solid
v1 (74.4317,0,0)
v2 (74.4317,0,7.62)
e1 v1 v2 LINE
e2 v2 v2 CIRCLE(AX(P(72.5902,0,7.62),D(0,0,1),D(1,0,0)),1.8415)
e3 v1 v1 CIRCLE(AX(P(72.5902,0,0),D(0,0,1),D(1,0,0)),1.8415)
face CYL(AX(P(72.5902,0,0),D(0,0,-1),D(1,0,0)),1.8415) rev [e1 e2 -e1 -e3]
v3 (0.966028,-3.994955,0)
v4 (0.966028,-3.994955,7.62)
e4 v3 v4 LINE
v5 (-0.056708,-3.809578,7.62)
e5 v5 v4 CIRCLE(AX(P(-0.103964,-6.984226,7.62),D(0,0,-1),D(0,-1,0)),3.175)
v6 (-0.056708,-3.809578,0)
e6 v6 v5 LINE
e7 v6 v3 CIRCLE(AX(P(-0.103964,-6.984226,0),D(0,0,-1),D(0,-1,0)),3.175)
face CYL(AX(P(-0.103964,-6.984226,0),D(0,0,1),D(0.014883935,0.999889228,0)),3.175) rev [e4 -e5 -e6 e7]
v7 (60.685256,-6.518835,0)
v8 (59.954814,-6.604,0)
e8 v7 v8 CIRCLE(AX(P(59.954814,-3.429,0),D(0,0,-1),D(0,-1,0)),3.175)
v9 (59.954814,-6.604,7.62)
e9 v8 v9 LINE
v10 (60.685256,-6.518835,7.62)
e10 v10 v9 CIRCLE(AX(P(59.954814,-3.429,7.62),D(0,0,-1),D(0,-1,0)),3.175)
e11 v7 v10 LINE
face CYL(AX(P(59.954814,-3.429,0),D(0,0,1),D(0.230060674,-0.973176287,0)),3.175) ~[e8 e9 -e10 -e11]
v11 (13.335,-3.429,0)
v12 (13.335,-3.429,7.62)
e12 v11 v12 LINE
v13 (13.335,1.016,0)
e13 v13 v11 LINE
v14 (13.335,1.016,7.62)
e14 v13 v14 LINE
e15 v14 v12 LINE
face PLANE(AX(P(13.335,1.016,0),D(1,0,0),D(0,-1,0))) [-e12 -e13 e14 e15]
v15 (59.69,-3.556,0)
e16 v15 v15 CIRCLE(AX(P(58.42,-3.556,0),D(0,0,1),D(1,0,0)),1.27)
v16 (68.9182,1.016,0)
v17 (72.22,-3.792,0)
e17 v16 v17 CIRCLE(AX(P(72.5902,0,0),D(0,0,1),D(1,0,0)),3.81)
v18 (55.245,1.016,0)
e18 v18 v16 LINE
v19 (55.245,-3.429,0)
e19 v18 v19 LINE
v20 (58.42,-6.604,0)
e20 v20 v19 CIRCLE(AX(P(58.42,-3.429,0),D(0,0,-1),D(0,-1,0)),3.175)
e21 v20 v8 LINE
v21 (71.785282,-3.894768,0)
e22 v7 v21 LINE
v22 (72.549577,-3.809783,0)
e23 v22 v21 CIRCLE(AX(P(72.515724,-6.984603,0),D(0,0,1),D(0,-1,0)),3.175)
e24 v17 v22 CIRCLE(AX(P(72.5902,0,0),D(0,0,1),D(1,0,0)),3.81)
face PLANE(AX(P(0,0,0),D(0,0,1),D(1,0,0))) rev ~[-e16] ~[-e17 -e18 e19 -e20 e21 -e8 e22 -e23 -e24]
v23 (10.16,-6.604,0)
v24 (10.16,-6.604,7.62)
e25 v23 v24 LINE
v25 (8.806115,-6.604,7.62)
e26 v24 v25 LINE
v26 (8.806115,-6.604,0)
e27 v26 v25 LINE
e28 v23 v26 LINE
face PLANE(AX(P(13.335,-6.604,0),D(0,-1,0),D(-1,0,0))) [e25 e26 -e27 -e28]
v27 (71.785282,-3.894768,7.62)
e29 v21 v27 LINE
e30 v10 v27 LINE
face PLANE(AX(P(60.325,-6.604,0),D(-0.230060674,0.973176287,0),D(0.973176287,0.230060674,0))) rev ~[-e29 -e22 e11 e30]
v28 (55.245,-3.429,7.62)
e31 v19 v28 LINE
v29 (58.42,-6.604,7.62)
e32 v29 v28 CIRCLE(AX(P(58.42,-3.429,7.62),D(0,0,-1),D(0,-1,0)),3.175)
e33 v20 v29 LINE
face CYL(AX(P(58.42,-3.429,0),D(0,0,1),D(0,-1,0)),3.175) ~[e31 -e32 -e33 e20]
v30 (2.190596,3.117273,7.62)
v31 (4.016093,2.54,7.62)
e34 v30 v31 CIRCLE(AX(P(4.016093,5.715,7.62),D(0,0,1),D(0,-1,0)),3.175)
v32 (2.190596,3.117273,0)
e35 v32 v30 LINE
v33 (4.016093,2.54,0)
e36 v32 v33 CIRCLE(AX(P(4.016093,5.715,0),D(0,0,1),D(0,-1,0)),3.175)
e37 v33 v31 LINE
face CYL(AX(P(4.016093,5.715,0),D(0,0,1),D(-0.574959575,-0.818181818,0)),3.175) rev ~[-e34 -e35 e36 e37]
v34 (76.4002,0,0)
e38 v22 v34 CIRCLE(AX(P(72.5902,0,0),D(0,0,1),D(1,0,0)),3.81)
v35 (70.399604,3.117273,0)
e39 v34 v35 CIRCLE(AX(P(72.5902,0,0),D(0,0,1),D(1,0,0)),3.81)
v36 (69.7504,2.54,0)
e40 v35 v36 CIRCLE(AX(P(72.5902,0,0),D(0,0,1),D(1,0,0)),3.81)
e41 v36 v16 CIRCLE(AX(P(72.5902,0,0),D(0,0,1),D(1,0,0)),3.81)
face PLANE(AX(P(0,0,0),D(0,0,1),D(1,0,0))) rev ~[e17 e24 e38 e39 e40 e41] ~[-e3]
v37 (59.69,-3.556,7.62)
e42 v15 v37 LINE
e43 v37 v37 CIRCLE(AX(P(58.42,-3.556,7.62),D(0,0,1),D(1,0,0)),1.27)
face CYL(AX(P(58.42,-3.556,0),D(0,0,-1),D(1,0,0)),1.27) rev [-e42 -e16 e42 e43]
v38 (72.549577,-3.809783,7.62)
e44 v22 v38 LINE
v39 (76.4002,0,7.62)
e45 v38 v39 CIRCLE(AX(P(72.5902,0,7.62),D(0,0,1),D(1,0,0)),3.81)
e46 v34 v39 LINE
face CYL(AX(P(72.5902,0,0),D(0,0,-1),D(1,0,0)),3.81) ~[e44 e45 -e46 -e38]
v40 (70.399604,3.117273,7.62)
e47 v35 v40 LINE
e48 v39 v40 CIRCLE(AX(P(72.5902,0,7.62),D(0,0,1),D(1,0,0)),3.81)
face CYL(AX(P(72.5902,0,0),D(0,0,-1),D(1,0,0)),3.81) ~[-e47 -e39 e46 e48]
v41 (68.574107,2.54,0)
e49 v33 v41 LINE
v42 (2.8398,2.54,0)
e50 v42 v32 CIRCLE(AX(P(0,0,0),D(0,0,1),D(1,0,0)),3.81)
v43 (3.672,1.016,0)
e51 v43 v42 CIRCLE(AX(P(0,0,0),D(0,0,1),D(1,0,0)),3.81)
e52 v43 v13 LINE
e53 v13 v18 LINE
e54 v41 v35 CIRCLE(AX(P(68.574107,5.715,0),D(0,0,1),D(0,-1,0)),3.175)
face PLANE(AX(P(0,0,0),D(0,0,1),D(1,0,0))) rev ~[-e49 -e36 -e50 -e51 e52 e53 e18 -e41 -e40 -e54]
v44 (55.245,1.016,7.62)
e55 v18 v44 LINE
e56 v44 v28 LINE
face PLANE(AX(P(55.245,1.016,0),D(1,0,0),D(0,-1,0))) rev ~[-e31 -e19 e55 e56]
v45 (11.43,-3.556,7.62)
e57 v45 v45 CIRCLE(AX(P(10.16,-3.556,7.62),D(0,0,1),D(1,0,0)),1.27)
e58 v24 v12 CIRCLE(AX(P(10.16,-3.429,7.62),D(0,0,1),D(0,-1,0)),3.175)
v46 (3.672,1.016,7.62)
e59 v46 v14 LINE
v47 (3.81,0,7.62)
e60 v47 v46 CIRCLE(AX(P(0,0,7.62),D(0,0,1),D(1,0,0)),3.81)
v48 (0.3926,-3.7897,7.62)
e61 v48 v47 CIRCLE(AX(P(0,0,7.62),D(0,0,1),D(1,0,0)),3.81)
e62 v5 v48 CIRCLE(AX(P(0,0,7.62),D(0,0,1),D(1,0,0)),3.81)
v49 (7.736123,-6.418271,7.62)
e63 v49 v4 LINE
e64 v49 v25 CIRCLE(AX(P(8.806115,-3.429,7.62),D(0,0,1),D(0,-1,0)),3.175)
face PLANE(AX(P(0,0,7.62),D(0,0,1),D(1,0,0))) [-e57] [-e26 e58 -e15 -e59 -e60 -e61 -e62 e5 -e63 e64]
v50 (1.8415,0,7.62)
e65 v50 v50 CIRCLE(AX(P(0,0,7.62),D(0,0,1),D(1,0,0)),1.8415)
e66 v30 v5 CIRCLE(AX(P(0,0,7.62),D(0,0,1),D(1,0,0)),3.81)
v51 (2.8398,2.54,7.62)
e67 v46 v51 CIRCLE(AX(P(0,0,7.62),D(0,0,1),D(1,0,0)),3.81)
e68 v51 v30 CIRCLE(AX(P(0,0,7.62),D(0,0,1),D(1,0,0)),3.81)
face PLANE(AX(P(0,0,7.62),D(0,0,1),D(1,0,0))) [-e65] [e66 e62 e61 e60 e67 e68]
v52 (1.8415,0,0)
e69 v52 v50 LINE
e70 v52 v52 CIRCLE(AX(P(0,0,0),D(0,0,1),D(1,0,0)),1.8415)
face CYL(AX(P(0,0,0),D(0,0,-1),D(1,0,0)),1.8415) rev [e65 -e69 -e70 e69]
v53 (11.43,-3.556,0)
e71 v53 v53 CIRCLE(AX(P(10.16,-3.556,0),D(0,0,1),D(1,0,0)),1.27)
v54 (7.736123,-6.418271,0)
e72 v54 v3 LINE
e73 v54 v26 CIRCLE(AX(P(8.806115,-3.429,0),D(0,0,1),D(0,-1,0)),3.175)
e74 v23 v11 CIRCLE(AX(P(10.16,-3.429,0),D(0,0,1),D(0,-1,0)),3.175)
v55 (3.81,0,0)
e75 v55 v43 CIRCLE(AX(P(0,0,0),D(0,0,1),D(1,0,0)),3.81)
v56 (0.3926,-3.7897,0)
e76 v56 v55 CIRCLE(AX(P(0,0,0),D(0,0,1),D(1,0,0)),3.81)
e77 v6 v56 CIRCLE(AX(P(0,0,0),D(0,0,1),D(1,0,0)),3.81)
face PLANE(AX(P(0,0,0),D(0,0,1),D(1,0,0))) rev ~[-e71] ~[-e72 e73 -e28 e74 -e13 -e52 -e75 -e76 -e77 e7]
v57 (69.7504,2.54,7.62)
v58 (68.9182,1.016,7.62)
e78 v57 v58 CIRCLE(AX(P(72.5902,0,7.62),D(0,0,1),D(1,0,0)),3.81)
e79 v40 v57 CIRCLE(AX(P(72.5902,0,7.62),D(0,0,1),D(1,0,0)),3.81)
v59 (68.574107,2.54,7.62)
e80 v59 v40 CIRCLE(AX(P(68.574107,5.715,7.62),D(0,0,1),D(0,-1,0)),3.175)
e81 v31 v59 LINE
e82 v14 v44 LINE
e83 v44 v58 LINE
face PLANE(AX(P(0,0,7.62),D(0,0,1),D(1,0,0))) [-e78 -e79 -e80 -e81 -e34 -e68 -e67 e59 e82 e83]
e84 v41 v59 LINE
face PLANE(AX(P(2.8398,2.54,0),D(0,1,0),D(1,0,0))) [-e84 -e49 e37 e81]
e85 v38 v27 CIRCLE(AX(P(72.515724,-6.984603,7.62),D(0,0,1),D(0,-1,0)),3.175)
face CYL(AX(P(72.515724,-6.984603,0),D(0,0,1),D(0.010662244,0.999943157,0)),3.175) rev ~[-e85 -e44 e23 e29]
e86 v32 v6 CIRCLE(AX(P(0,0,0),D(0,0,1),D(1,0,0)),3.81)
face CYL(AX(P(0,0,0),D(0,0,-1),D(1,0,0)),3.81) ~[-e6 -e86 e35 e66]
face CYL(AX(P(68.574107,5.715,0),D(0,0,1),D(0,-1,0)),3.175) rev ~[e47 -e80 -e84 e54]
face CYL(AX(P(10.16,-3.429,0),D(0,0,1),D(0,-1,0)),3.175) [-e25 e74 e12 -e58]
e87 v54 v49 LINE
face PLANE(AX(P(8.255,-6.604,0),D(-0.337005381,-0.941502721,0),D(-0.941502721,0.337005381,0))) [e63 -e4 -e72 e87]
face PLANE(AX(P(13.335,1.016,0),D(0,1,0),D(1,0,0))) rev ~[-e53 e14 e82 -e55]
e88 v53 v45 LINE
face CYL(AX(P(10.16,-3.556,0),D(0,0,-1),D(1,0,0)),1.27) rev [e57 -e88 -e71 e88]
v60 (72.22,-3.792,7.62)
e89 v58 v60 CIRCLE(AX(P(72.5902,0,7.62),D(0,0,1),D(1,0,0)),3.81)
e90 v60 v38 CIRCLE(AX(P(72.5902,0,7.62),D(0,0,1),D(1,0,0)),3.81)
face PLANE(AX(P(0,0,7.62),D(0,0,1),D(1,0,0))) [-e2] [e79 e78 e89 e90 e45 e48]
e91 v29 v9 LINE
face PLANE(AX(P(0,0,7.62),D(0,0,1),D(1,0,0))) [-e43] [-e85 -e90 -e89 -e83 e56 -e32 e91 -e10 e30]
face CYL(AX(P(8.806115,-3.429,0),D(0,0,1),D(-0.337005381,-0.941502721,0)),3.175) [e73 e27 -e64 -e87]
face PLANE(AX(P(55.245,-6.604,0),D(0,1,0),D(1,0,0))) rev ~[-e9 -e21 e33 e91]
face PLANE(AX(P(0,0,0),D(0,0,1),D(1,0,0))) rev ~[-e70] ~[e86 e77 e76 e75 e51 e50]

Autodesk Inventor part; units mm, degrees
ref_plane "YZ Plane" through (0, 0, 0) normal (1, 0, 0) x (0, 1, 0)
ref_plane "XZ Plane" through (0, 0, 0) normal (0, 1, 0) x (-1, 0, 0)
ref_plane "XY Plane" through (0, 0, 0) normal (0, 0, 1) x (1, 0, 0)
sketch "Sketch1" plane through (0, 0, 0) normal (0, 0, 1) x (1, 0, 0)
  circle A0 centre (0, 0) radius 1.8415
  circle A1 centre (72.5902, 0) radius 1.8415
  line L0 (0, 0) -> (36.2951, -20.955) construction
  line L1 (0, 0) -> (41.91, 0) construction
  line L2 (36.2951, -20.955) -> (72.5902, 0) construction
  circle A2 centre (0, 0) radius 3.81
  circle A3 centre (72.5902, 0) radius 3.81
  line L3 (2.8398, 2.54) -> (69.7504, 2.54)
  line L4 (3.672, 1.016) -> (68.9182, 1.016)
  line L5 (13.335, 1.016) -> (13.335, -6.604)
  line L6 (55.245, 1.016) -> (55.245, -6.604)
  line L7 (55.245, -6.604) -> (60.325, -6.604)
  line L8 (60.325, -6.604) -> (72.22, -3.792)
  line L9 (13.335, -6.604) -> (8.255, -6.604)
  line L10 (8.255, -6.604) -> (0.3926, -3.7897)
  circle A4 centre (10.16, -3.556) radius 1.27
  circle A5 centre (58.42, -3.556) radius 1.27
  dimension "d0" = 3.683
  dimension "d1" = 41.91
  dimension "d2" = 30
  dimension "d3" = 7.62
  dimension "d4" = 5.08
  dimension "d5" = 7.62
  dimension "d6" = 2.54
  dimension "d7" = 41.91
  dimension "d8" = 4.572
  dimension "d9" = 1.524
  dimension "d10" = 1.016
  dimension "d11" = 3.175
  dimension "d12" = 3.175
  dimension "d13" = 13.335
extrude "Extrusion1" add sketch "Sketch1" along normal blind 7.62
fillet "Fillet1" radius 3.175 8 edges at (2.8398, 2.54, 3.81) (13.335, -6.604, 3.81) (55.245, -6.604, 3.81) (69.7504, 2.54, 3.81) (72.22, -3.792, 3.81) (60.325, -6.604, 3.81) (8.255, -6.604, 3.81) (0.3926, -3.7897, 3.81)
properties part number "SpoolServoMount" material "ABS Plastic"
